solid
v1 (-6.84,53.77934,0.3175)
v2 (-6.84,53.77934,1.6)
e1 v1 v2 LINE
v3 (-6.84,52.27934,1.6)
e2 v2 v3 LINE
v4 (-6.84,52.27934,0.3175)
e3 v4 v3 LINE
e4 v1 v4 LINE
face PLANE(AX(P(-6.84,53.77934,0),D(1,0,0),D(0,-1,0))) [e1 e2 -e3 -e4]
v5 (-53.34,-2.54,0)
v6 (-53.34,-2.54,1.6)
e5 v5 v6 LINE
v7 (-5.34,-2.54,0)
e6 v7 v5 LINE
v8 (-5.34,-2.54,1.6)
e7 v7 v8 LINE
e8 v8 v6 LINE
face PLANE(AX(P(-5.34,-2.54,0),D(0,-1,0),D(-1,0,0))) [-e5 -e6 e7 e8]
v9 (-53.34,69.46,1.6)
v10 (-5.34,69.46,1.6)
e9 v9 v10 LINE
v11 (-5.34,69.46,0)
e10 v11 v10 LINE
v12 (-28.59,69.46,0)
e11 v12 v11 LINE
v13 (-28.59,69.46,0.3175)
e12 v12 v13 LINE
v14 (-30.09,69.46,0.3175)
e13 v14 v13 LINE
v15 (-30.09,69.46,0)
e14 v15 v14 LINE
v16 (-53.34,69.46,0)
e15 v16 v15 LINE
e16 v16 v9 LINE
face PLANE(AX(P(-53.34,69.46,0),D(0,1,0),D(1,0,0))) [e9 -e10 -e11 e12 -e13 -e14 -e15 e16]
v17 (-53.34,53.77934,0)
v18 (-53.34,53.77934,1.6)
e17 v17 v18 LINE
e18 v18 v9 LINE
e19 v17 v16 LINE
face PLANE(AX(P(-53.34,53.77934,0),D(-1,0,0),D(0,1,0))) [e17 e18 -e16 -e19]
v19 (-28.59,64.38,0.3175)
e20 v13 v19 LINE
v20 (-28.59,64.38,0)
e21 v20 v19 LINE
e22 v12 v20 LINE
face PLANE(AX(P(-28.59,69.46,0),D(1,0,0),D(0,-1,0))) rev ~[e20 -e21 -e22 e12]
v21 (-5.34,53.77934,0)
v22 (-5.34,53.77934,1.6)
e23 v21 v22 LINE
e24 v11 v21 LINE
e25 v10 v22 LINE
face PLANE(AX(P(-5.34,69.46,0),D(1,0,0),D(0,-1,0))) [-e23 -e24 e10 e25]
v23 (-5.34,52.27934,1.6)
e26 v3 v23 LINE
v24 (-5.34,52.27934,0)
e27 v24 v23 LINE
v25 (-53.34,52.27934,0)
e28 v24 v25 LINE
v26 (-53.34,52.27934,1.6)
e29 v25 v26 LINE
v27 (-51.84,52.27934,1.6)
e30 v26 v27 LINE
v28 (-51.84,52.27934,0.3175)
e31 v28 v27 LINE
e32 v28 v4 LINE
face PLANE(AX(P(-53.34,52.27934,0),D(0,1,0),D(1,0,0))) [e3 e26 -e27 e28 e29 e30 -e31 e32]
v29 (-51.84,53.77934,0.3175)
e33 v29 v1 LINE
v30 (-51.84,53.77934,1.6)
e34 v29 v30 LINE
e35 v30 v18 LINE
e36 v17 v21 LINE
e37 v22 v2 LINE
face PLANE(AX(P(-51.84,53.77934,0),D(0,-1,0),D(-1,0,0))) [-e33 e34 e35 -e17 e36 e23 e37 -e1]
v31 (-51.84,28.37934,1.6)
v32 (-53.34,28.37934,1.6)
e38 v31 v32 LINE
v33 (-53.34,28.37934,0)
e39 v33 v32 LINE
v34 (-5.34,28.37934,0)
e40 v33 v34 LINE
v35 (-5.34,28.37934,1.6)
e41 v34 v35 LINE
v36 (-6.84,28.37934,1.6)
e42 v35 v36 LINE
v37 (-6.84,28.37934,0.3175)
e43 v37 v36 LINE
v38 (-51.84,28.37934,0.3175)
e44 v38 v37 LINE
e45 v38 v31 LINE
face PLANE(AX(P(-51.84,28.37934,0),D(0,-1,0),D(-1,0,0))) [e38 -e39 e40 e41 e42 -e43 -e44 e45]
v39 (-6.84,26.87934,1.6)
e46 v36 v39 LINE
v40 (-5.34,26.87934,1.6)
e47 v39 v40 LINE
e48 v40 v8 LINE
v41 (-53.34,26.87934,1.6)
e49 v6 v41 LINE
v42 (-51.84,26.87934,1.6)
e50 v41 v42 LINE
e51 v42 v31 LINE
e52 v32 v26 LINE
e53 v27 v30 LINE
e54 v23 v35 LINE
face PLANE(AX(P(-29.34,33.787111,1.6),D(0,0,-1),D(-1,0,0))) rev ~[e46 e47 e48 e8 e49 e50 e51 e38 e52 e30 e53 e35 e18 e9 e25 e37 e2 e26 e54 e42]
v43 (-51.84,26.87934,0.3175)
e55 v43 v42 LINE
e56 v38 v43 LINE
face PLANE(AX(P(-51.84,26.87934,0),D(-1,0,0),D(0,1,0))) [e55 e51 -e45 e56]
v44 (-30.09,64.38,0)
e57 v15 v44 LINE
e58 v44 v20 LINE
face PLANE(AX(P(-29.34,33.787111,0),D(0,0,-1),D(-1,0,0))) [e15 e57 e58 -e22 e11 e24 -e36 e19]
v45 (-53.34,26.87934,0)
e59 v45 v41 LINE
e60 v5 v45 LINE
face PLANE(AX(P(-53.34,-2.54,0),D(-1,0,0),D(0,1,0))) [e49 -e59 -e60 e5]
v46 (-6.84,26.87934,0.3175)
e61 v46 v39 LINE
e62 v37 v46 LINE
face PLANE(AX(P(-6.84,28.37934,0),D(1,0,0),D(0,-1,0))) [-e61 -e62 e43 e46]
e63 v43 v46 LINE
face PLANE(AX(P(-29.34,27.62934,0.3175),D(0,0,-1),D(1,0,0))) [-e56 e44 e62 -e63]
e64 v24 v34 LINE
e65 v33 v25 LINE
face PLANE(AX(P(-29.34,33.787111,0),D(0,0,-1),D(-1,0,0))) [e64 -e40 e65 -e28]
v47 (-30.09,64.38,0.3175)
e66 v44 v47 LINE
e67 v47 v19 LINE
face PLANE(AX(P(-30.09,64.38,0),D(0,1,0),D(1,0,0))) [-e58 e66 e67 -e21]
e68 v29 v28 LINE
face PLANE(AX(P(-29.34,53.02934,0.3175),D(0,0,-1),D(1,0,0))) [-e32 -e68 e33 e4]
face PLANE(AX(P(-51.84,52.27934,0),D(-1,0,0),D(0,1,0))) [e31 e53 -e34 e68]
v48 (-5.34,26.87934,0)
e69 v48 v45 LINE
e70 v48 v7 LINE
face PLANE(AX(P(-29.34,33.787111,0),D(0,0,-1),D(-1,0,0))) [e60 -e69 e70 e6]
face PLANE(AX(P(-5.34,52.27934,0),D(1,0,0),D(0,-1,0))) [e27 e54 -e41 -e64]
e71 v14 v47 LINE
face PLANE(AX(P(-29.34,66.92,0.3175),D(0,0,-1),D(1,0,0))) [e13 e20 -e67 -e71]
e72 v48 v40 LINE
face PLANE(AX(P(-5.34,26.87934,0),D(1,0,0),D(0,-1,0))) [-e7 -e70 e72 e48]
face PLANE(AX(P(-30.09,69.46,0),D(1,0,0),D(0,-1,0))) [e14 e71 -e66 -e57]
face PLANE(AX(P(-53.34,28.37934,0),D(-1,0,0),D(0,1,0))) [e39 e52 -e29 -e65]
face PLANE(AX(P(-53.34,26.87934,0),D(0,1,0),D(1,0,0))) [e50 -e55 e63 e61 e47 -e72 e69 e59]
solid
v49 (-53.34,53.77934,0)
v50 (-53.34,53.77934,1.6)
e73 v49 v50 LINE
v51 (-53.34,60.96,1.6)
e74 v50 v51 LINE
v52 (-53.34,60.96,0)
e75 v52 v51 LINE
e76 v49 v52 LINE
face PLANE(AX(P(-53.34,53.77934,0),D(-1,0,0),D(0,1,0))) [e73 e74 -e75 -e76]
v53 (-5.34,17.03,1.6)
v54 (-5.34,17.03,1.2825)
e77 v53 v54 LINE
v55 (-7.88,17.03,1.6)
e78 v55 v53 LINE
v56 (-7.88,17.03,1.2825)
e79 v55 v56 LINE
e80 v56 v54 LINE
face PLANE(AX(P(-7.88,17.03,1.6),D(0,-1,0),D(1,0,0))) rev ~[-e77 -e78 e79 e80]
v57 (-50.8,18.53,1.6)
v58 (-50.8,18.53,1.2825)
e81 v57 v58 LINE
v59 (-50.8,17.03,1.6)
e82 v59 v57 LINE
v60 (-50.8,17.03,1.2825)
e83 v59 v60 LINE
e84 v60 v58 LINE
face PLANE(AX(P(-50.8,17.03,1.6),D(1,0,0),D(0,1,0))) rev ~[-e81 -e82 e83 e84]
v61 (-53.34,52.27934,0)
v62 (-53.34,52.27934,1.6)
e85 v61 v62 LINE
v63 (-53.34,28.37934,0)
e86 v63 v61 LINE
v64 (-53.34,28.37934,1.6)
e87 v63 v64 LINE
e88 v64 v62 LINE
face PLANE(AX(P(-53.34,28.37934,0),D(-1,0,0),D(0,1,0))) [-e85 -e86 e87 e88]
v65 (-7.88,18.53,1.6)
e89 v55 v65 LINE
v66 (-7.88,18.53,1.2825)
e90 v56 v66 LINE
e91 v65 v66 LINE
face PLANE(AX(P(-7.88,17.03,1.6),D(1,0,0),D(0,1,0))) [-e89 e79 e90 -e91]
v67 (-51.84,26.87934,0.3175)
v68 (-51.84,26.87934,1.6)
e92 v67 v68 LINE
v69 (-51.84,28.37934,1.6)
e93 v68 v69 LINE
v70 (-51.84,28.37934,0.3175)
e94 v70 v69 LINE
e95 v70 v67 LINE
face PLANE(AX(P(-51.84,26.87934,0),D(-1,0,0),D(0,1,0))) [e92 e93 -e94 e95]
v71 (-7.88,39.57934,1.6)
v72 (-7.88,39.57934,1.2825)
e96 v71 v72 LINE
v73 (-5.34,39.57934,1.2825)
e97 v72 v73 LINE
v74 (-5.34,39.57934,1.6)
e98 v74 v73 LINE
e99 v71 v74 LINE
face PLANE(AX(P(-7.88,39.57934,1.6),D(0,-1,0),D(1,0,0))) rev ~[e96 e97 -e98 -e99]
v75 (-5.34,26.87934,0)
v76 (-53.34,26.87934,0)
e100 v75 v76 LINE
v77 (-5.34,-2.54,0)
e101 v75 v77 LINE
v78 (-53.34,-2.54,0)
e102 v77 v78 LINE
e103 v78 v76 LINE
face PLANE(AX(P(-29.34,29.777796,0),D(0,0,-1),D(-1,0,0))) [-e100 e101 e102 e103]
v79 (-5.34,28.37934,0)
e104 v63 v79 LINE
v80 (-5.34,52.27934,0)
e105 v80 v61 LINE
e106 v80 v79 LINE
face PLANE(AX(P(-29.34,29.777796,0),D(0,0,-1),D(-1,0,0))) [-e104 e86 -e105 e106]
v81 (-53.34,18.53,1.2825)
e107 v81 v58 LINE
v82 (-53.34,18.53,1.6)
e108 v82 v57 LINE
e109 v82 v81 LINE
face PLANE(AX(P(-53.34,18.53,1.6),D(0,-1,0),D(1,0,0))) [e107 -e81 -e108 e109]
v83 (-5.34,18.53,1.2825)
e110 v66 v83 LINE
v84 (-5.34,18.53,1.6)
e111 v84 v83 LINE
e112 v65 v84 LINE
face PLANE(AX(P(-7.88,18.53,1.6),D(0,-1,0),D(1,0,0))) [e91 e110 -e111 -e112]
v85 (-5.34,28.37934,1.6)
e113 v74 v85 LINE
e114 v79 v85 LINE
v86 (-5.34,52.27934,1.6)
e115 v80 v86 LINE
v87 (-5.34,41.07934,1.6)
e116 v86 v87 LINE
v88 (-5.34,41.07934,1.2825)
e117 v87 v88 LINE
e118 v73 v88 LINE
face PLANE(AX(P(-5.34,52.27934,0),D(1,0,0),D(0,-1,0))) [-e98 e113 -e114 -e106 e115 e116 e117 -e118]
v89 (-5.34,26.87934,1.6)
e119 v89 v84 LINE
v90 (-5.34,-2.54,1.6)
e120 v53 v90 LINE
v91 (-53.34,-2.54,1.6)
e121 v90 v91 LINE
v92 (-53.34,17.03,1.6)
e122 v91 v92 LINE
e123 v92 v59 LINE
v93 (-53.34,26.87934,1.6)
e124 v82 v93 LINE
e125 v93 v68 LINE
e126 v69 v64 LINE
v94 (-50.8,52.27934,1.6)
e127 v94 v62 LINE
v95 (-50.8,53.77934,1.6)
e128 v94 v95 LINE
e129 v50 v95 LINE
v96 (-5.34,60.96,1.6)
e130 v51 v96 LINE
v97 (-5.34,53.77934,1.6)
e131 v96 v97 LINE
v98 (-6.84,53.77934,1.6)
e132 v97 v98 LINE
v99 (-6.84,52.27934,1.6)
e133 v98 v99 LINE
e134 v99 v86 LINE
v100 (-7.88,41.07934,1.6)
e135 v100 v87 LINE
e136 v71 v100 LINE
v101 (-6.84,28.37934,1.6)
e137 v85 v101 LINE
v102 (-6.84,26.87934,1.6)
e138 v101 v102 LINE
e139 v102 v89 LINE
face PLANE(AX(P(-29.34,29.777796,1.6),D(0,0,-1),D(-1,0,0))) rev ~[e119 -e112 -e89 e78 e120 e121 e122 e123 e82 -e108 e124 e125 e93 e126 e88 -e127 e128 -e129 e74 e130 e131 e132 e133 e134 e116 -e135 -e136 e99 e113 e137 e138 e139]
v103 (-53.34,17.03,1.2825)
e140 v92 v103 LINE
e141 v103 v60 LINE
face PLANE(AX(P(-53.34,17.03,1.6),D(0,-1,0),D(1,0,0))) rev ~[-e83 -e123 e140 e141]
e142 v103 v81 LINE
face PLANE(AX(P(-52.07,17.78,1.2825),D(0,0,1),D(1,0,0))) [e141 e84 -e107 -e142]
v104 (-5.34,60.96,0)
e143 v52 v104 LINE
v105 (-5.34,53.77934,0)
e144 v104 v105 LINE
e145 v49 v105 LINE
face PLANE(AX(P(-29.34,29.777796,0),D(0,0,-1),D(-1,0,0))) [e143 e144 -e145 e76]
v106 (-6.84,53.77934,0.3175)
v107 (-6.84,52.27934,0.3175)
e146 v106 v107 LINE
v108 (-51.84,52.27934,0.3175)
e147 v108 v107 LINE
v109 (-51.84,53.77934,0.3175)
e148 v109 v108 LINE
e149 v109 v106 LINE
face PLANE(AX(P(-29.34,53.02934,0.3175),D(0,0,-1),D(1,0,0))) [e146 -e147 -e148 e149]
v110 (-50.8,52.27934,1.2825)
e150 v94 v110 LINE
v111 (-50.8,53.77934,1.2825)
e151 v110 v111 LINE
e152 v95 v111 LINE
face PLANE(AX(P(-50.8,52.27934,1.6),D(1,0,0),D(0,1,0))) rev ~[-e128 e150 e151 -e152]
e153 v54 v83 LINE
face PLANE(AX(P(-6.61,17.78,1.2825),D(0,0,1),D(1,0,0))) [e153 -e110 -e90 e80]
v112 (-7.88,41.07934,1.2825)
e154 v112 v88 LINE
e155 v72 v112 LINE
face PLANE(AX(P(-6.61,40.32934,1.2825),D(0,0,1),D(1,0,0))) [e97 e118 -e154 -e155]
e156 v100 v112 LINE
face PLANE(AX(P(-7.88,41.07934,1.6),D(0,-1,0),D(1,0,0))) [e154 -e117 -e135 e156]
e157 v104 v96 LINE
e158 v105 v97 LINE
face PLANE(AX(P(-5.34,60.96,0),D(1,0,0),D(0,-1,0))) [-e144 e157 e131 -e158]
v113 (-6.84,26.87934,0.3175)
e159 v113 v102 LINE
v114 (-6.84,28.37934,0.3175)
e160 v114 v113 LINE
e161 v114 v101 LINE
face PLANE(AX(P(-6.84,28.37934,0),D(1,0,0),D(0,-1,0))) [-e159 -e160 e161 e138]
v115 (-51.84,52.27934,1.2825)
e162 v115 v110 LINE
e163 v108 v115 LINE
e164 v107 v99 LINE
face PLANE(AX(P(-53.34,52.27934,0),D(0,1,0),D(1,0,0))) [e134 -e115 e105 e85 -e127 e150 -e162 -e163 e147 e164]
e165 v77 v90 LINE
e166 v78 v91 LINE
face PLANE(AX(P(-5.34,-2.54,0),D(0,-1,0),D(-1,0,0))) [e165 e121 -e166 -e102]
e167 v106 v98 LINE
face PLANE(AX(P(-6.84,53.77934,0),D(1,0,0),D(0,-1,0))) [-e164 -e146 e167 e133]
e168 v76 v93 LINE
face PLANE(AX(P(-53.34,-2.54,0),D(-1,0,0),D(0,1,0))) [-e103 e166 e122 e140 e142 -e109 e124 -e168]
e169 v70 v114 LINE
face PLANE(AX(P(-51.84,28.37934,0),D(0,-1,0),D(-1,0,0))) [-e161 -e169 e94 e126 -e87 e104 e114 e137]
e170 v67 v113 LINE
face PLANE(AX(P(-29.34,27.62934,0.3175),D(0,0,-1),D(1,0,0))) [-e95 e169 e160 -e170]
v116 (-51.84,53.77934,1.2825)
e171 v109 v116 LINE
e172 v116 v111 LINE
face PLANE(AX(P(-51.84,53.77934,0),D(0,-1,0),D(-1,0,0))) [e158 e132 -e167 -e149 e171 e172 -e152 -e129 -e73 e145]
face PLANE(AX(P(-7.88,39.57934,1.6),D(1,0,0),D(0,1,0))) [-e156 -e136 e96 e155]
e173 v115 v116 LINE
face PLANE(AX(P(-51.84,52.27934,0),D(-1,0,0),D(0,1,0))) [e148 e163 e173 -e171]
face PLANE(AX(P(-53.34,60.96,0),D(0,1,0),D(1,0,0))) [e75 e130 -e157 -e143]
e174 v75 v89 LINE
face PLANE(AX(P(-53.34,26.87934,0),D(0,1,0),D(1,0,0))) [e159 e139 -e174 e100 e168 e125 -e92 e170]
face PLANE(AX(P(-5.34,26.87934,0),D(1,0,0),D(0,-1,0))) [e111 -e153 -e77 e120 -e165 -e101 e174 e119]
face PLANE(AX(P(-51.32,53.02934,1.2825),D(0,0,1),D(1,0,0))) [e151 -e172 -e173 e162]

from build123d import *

# Parameters (mm, degrees)
PAD_DEPTH       = 1.6
SKETCH002_W     = 45
SKETCH002_H     = 1.5
POCKET_DEPTH    = 0.3175
SKETCH004_W     = 1.04
SKETCH004_H     = 1.5
SKETCH004_W_2   = 2.54
POCKET002_DEPTH = 0.3175
PAD001_DEPTH    = 1.6
SKETCH003_W     = 45
SKETCH003_H     = 1.5
SKETCH003_W_2   = 1.5
SKETCH003_H_2   = 5.08
POCKET001_DEPTH = 0.3175


with BuildPart() as short_pcb:
    # Sketch → Pad (new body)
    with BuildSketch(Plane.XY):
        Polygon((-53.34, -2.54), (-53.34, 26.87934), (-51.84, 26.87934), (-51.84, 28.37934), (-53.34, 28.37934), (-53.34, 52.27934), (-51.84, 52.27934), (-51.84, 53.77934), (-53.34, 53.77934), (-53.34, 60.96), (-5.34, 60.96), (-5.34, 53.77934), (-6.84, 53.77934), (-6.84, 52.27934), (-5.34, 52.27934), (-5.34, 28.37934), (-6.84, 28.37934), (-6.84, 26.87934), (-5.34, 26.87934), (-5.34, -2.54), align=None)
    extrude(amount=PAD_DEPTH)

    # Sketch002 (on Face21 of Pad) → Pocket (cut)
    with BuildSketch(Plane(origin=(0, 0, 0), x_dir=(1, 0, 0), z_dir=(0, 0, -1))):
        with Locations((-29.34, -53.02934)):
            Rectangle(SKETCH002_W, SKETCH002_H)
        with Locations((-29.34, -27.62934)):
            Rectangle(SKETCH002_W, SKETCH002_H)
    extrude(amount=-POCKET_DEPTH, mode=Mode.SUBTRACT)

    # Sketch004 (on Face5 of Pocket) → Pocket002 (cut)
    with BuildSketch(Plane.XY.offset(1.6)):
        with Locations((-51.32, 53.02934)):
            Rectangle(SKETCH004_W, SKETCH004_H)
        with Locations((-6.61, 40.32934)):
            Rectangle(SKETCH004_W_2, SKETCH004_H)
        with Locations((-52.07, 17.78)):
            Rectangle(SKETCH004_W_2, SKETCH004_H)
        with Locations((-6.61, 17.78)):
            Rectangle(SKETCH004_W_2, SKETCH004_H)
    extrude(amount=-POCKET002_DEPTH, mode=Mode.SUBTRACT)


with BuildPart() as long_pcb:
    # Sketch001 → Pad001 (new body)
    with BuildSketch(Plane.XY):
        Polygon((-53.34, -2.54), (-53.34, 26.87934), (-51.84, 26.87934), (-51.84, 28.37934), (-53.34, 28.37934), (-53.34, 52.27934), (-51.84, 52.27934), (-51.84, 53.77934), (-53.34, 53.77934), (-53.34, 69.46), (-5.34, 69.46), (-5.34, 53.77934), (-6.84, 53.77934), (-6.84, 52.27934), (-5.34, 52.27934), (-5.34, 28.37934), (-6.84, 28.37934), (-6.84, 26.87934), (-5.34, 26.87934), (-5.34, -2.54), align=None)
    extrude(amount=PAD001_DEPTH)

    # Sketch003 (on Face21 of Pad001) → Pocket001 (cut)
    with BuildSketch(Plane(origin=(0, 0, 0), x_dir=(1, 0, 0), z_dir=(0, 0, -1))):
        with Locations((-29.34, -53.02934)):
            Rectangle(SKETCH003_W, SKETCH003_H)
        with Locations((-29.34, -27.62934)):
            Rectangle(SKETCH003_W, SKETCH003_H)
        with Locations((-29.34, -66.92)):
            Rectangle(SKETCH003_W_2, SKETCH003_H_2)
    extrude(amount=-POCKET001_DEPTH, mode=Mode.SUBTRACT)


solid = Compound([short_pcb.part, long_pcb.part])
